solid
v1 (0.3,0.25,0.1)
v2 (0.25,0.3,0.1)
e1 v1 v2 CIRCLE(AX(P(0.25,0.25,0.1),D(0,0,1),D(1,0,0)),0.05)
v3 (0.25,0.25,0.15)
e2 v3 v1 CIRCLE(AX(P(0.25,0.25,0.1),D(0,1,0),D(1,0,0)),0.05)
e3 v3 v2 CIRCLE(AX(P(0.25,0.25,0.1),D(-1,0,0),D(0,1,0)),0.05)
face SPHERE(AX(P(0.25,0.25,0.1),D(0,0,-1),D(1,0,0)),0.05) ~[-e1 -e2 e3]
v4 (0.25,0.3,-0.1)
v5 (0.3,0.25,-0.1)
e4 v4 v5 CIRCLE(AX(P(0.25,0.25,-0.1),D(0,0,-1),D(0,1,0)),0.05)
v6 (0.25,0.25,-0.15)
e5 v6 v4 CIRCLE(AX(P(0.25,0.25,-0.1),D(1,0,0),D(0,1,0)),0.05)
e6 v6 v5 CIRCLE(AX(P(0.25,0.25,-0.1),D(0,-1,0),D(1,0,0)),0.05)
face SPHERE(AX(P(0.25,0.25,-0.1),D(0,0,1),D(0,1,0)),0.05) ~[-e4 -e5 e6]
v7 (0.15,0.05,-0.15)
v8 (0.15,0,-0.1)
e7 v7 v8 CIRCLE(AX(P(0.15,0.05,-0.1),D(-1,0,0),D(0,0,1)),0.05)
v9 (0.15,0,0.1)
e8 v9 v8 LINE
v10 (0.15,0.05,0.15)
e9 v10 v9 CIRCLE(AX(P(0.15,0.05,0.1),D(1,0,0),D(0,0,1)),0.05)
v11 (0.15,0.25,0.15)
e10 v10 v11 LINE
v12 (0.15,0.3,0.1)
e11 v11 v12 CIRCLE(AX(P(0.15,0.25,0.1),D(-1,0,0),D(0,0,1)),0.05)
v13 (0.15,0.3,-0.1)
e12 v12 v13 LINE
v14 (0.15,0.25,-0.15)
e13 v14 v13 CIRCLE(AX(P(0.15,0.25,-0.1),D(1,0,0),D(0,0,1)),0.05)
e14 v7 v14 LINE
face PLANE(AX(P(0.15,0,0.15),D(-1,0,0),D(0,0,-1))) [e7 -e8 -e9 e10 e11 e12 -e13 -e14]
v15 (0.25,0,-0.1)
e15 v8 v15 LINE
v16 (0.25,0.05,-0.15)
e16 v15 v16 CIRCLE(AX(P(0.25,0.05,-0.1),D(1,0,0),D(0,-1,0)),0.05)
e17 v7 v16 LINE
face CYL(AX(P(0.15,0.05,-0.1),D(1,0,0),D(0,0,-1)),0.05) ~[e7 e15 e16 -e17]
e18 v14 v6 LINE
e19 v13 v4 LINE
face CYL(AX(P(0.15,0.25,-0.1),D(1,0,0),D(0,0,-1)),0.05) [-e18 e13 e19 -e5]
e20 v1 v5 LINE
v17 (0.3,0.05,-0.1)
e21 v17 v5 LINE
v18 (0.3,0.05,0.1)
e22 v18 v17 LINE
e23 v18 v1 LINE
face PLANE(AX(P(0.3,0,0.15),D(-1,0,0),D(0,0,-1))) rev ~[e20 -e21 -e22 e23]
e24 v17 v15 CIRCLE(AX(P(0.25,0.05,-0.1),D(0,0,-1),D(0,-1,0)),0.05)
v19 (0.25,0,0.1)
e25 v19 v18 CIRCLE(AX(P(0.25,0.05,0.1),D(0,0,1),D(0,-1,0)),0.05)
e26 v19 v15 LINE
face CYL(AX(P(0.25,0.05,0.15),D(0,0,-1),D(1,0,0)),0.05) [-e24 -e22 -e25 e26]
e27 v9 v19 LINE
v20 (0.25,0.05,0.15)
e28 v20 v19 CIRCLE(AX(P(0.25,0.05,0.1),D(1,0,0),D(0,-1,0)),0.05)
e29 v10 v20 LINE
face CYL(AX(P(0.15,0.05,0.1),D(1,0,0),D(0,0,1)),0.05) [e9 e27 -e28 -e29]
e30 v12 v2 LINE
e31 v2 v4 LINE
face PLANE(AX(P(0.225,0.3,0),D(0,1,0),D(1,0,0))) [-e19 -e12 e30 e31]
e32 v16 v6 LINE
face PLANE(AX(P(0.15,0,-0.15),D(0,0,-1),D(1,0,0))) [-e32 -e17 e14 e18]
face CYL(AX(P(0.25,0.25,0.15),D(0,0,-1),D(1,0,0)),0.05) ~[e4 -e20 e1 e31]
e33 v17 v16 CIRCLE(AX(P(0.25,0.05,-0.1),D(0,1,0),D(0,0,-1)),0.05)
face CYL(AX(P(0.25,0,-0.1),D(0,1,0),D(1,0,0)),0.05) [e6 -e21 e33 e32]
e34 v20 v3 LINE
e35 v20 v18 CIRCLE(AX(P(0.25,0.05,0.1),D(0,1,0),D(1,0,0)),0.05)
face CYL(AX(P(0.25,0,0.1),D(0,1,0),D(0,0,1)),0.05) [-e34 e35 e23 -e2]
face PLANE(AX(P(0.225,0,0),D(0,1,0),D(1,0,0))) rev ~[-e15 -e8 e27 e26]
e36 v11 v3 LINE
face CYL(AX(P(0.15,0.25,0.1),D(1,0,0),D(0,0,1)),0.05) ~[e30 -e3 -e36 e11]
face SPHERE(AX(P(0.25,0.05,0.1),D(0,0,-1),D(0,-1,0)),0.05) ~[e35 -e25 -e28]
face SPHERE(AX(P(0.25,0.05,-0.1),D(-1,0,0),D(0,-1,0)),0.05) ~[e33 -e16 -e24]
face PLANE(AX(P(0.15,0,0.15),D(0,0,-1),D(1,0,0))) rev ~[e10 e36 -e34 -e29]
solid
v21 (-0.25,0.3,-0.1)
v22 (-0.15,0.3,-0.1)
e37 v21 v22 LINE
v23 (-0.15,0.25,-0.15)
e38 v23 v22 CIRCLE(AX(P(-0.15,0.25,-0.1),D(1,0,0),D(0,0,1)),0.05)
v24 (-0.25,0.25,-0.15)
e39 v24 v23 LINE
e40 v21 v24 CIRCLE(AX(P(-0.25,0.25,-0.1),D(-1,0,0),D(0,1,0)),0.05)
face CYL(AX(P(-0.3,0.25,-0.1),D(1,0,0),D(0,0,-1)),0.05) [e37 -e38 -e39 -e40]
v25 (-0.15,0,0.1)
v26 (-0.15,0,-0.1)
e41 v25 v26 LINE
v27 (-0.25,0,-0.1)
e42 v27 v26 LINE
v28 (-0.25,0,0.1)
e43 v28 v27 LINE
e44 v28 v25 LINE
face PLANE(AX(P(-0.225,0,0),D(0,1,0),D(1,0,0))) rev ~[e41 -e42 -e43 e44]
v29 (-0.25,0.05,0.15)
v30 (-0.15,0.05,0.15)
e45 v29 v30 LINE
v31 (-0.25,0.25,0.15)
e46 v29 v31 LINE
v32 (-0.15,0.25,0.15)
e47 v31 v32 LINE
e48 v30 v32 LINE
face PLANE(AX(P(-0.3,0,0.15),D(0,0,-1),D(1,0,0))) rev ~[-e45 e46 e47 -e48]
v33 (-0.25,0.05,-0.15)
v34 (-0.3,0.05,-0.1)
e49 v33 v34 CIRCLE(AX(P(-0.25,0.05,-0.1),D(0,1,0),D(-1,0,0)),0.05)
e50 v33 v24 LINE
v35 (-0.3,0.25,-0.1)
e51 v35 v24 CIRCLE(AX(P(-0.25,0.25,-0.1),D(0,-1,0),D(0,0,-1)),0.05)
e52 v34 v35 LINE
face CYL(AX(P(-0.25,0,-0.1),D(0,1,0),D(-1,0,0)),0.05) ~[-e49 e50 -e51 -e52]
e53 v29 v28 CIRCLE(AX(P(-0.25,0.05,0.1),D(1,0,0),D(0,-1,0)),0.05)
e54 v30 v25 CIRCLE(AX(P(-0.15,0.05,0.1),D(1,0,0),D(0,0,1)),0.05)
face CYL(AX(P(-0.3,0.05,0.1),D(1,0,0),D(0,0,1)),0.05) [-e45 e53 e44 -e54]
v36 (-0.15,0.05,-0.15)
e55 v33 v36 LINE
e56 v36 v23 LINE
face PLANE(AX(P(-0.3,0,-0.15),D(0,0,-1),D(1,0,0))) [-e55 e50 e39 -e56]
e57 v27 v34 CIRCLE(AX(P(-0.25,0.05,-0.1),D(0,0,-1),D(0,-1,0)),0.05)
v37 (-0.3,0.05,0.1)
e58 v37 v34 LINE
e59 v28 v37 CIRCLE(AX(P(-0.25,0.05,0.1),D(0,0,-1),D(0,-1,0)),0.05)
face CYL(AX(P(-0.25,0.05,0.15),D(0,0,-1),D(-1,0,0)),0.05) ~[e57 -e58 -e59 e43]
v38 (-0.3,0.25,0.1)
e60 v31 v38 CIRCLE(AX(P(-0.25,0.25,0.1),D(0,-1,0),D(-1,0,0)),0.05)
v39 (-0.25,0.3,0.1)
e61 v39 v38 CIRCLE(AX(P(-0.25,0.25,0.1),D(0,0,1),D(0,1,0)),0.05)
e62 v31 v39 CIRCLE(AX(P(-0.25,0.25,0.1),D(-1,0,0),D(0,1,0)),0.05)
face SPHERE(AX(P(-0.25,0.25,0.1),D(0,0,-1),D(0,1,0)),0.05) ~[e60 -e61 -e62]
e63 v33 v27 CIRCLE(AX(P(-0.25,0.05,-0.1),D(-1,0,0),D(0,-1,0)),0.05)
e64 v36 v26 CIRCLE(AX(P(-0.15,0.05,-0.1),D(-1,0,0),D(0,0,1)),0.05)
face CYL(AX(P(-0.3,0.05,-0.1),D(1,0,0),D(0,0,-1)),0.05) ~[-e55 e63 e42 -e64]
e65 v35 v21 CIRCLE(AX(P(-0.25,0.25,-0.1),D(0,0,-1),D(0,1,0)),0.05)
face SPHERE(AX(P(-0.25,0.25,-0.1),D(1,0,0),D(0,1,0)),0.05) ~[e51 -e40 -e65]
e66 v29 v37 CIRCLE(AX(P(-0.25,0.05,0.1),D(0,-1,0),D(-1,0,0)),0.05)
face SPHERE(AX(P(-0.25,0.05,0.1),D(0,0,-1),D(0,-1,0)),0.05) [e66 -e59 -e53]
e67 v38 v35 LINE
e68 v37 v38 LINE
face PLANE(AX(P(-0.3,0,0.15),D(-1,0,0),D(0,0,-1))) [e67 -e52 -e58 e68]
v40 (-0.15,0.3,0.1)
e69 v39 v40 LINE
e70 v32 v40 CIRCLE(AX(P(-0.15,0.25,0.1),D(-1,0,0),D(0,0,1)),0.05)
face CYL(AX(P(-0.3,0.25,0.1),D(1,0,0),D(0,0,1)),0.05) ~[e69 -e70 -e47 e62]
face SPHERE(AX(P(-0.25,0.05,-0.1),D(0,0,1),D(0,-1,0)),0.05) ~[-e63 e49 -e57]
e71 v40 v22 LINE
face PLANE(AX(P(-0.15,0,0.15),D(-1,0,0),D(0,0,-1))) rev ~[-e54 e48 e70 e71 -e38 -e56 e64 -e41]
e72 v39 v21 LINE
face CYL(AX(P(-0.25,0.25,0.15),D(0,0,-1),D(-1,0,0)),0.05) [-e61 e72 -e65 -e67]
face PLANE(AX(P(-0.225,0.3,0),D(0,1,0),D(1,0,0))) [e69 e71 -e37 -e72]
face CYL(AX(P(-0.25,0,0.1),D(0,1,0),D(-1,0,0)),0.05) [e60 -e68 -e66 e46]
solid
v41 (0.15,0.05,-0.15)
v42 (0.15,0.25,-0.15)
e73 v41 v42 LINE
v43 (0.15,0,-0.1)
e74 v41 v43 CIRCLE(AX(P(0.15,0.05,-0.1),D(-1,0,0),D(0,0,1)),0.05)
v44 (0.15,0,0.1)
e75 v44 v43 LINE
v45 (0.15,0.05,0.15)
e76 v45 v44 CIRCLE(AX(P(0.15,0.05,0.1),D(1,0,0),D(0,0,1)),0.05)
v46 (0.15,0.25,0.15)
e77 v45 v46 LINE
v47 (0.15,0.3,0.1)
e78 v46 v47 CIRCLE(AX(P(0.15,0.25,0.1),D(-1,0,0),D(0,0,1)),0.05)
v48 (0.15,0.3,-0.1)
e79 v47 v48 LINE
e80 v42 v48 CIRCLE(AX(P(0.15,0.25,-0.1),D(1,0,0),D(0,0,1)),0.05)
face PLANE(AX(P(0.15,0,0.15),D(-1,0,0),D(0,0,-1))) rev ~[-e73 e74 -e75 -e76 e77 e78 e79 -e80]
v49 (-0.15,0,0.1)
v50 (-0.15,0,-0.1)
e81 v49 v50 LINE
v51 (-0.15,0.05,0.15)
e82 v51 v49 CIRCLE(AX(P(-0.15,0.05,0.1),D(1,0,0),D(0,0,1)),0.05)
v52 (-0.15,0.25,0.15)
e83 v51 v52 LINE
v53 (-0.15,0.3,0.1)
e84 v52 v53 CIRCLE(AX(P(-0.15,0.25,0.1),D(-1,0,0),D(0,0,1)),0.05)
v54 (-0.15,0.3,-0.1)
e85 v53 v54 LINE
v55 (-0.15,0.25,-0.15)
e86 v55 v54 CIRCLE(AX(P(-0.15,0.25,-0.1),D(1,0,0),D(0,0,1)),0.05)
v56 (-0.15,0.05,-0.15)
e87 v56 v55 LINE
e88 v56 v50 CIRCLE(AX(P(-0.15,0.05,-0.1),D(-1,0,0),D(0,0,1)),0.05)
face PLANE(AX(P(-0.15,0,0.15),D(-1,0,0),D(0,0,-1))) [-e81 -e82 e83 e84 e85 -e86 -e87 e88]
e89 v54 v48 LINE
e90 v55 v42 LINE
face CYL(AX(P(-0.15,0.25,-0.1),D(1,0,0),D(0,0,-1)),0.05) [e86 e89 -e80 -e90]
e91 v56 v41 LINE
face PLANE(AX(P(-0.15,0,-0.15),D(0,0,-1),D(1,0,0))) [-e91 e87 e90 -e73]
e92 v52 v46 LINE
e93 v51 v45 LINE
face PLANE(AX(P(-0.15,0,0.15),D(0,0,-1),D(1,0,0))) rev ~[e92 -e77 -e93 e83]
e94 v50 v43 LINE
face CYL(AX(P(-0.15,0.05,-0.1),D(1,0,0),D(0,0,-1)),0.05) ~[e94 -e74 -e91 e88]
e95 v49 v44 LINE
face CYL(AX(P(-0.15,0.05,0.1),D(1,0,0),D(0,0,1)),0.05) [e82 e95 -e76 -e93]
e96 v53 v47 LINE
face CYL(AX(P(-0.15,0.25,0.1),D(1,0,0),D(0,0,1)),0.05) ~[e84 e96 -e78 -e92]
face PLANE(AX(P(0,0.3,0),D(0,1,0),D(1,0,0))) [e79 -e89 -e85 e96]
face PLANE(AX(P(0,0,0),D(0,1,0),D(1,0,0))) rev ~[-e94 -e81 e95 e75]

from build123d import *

# Parameters (mm, degrees)
CROQUIS1_W                = 0.3
CROQUIS1_H                = 0.3
SALIENTE_EXTRUIR1_DEPTH   = 0.3
CROQUIS3_W                = 0.15
CROQUIS3_H                = 0.3
SALIENTE_EXTRUIR3_DEPTH   = 0.3
SALIENTE_EXTRUIR3_2_DEPTH = 0.3
REDONDEO2_R               = 0.05
REDONDEO4_R               = 0.05
REDONDEO5_R               = 0.05


with BuildPart() as part:
    # Croquis1 → Saliente-Extruir1 (new body)
    with BuildSketch(Plane(origin=(0, 0, 0), x_dir=(1, 0, 0), z_dir=(0, 1, 0))):
        Rectangle(CROQUIS1_W, CROQUIS1_H)
    extrude(amount=SALIENTE_EXTRUIR1_DEPTH)

    # Redondeo2
    redondeo2_edges = [part.edges().sort_by_distance(p)[0] for p in [
        (0, 0.3, 0.15),
        (0, 0, 0.15),
        (0, 0, -0.15),
        (0, 0.3, -0.15),
    ]]
    fillet(redondeo2_edges, radius=REDONDEO2_R)


with BuildPart() as body_2:
    # Croquis3 → Saliente-Extruir3 (new body)
    with BuildSketch(Plane(origin=(0, 0, 0), x_dir=(1, 0, 0), z_dir=(0, 1, 0))):
        with Locations((0.225, 0)):
            Rectangle(CROQUIS3_W, CROQUIS3_H)
    extrude(amount=SALIENTE_EXTRUIR3_DEPTH)

    # Redondeo4
    redondeo4_edges = [body_2.edges().sort_by_distance(p)[0] for p in [
        (0.3, 0.3, 0),
        (0.225, 0.3, -0.15),
        (0.225, 0, -0.15),
        (0.3, 0, 0),
        (0.225, 0, 0.15),
        (0.3, 0.15, -0.15),
        (0.3, 0.15, 0.15),
        (0.225, 0.3, 0.15),
    ]]
    fillet(redondeo4_edges, radius=REDONDEO4_R)


with BuildPart() as body_3:
    # Croquis3 → Saliente-Extruir3 2 (new body)
    with BuildSketch(Plane(origin=(0, 0, 0), x_dir=(1, 0, 0), z_dir=(0, 1, 0))):
        with Locations((-0.225, 0)):
            Rectangle(CROQUIS3_W, CROQUIS3_H)
    extrude(amount=SALIENTE_EXTRUIR3_2_DEPTH)

    # Redondeo5
    redondeo5_edges = [body_3.edges().sort_by_distance(p)[0] for p in [
        (-0.225, 0.3, -0.15),
        (-0.3, 0.3, 0),
        (-0.225, 0.3, 0.15),
        (-0.3, 0, 0),
        (-0.225, 0, -0.15),
        (-0.225, 0, 0.15),
        (-0.3, 0.15, 0.15),
        (-0.3, 0.15, -0.15),
    ]]
    fillet(redondeo5_edges, radius=REDONDEO5_R)


solid = Compound([part.part, body_2.part, body_3.part])
